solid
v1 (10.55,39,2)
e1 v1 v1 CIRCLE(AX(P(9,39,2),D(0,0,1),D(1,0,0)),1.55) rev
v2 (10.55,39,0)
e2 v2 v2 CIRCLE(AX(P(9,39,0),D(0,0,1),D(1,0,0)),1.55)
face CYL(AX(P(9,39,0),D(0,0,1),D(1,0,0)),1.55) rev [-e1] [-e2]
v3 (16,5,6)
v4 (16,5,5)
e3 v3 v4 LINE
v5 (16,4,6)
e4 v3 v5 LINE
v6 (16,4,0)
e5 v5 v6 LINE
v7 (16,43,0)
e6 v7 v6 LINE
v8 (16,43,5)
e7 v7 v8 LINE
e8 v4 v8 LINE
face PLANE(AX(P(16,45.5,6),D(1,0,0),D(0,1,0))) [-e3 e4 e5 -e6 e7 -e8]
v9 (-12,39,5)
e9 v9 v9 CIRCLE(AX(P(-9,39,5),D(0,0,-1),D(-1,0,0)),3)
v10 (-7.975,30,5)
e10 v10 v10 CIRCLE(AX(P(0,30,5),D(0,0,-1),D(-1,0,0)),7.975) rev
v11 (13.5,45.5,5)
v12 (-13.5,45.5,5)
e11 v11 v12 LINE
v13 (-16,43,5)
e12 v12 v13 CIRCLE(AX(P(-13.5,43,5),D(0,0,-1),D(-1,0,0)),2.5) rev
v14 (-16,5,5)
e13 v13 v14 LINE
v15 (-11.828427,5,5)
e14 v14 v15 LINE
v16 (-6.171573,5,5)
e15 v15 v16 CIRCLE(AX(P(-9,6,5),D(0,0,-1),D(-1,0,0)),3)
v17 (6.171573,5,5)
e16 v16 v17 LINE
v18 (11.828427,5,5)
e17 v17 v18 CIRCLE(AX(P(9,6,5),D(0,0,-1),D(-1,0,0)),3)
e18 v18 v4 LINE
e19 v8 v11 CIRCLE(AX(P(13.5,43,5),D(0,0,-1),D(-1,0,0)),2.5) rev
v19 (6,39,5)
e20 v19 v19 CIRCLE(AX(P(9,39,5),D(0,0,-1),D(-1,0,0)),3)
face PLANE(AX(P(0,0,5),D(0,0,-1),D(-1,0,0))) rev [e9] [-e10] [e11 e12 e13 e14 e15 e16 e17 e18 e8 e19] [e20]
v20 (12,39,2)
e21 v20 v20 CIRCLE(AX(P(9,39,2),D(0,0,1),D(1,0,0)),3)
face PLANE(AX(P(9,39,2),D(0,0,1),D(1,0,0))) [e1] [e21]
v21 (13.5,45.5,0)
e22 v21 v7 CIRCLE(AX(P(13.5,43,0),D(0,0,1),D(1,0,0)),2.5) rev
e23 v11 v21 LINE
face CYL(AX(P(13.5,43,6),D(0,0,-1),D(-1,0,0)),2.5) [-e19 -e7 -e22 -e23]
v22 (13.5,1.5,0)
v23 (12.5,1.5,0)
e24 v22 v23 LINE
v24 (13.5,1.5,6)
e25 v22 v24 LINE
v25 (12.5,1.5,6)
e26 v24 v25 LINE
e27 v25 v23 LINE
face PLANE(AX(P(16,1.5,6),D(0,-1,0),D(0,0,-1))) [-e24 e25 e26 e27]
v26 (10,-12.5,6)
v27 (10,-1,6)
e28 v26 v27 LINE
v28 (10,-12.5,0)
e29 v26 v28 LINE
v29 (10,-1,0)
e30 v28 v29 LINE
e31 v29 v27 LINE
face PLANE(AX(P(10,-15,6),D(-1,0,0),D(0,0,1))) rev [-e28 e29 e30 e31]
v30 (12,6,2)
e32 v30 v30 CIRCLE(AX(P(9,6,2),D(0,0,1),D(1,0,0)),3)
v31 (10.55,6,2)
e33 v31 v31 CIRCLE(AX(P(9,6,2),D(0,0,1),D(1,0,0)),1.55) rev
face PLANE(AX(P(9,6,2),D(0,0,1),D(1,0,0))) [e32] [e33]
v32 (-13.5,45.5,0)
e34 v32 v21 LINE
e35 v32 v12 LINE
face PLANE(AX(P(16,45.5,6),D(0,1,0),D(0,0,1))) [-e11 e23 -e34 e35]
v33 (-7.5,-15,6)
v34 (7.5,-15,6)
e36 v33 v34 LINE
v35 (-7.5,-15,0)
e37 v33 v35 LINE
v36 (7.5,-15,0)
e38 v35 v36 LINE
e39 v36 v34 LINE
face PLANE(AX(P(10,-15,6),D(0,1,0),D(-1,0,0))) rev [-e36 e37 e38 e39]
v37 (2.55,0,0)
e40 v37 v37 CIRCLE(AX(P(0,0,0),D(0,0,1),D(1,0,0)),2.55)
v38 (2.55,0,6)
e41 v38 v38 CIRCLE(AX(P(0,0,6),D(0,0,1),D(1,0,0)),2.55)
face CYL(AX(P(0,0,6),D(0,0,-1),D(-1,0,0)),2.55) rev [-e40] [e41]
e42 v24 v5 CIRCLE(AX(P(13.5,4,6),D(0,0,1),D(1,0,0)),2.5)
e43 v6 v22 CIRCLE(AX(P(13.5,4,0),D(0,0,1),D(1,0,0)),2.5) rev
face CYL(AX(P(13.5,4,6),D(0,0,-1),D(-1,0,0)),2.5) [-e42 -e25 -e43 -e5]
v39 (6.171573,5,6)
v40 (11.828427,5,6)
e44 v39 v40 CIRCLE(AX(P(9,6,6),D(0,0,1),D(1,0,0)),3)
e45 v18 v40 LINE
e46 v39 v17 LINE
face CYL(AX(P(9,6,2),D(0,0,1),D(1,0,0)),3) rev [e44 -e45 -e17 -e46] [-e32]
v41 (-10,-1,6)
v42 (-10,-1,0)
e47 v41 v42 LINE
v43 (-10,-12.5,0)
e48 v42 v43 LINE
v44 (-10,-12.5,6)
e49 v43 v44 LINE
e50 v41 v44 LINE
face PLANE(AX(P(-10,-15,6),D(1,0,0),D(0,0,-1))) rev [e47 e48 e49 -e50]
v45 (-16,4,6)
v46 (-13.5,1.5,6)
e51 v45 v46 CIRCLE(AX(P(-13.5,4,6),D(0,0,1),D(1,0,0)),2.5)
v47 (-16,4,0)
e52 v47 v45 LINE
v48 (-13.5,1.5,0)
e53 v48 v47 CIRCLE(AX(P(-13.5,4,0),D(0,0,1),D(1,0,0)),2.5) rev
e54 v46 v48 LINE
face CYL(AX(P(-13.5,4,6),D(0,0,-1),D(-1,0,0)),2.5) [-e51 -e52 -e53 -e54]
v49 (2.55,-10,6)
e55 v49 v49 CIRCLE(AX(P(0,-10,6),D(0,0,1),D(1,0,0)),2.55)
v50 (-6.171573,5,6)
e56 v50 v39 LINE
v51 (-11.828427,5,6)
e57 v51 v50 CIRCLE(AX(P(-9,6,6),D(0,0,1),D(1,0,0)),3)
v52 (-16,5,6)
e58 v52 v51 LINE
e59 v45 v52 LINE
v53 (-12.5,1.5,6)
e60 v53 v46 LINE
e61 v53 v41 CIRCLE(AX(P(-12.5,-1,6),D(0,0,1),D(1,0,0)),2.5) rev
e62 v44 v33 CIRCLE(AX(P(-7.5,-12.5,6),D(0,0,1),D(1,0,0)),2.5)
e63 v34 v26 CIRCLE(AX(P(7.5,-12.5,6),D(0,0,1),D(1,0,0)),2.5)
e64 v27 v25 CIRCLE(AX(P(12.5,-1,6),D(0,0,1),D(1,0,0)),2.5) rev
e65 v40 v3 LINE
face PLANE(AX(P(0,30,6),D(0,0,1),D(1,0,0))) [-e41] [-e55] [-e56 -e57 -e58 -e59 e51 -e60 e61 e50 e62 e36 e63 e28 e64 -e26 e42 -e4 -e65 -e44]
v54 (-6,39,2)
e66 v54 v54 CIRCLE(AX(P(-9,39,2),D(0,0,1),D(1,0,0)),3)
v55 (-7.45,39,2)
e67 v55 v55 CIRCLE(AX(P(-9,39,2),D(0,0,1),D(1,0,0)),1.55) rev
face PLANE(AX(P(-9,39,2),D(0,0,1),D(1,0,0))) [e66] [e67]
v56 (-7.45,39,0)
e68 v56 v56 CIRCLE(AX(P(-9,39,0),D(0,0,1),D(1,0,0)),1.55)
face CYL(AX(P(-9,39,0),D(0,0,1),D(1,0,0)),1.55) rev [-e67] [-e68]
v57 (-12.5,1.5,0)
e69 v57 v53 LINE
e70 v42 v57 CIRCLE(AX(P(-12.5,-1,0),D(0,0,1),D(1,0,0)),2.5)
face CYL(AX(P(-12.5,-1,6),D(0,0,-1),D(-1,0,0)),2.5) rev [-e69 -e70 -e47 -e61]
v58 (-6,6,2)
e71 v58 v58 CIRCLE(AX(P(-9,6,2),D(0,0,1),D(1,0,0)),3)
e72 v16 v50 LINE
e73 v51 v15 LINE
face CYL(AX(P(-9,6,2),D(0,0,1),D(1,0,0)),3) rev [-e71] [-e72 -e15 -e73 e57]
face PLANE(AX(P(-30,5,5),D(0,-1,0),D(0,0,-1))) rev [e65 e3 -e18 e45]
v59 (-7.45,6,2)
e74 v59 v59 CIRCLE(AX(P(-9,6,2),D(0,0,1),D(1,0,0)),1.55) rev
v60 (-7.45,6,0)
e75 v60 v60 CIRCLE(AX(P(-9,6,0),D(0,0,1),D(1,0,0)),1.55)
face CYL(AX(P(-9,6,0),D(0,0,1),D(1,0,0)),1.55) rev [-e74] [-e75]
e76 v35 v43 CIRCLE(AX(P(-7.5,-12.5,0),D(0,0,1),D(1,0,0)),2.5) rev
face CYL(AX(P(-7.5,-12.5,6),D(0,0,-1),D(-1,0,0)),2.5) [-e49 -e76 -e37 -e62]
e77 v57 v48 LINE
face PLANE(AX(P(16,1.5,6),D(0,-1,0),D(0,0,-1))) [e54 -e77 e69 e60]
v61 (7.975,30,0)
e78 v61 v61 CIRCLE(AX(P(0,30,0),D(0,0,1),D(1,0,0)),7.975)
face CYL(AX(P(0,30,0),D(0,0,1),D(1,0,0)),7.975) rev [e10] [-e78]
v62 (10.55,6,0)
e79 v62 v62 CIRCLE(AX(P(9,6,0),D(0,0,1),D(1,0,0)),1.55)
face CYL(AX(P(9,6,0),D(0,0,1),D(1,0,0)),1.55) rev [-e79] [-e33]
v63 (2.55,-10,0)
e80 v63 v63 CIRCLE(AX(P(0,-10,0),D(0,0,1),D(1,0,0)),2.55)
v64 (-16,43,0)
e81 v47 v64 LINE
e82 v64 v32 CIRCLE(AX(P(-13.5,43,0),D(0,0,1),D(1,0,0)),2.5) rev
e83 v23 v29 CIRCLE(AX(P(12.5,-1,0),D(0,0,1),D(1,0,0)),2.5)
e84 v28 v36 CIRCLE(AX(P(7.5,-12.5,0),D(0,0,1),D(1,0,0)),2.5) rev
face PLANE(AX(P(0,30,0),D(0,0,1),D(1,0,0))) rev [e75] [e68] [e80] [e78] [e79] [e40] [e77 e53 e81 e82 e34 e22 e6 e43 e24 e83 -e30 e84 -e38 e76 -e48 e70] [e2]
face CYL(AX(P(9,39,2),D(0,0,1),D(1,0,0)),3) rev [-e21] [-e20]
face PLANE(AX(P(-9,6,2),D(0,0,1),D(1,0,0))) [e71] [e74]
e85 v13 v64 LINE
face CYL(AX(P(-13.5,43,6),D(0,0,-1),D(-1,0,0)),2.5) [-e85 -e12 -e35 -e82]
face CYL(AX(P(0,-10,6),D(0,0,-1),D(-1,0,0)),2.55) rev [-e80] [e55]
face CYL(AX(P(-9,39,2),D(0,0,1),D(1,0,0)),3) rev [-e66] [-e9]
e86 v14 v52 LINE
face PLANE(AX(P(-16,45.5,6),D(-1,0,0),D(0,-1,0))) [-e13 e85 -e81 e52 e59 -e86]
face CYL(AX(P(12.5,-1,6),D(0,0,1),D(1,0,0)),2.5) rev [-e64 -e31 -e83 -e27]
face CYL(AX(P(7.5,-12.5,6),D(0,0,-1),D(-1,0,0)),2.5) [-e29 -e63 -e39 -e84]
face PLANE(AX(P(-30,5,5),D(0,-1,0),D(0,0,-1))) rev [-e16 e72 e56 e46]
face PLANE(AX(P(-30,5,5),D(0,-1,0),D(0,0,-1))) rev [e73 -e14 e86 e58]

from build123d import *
from build123d.topology import SkipClean

# Parameters (mm, degrees)
SKETCH1_R           = 2.55
BOSS_EXTRUDE2_DEPTH = 6
SKETCH7_W           = 32
SKETCH7_H           = 44
BOSS_EXTRUDE3_DEPTH = 6
FILLET1_R           = 2.5
SKETCH3_R           = 7.975
CUT_EXTRUDE2_DEPTH  = 49.602983448
SKETCH2_R           = 1.55
CUT_EXTRUDE1_DEPTH  = 49.602983448
SKETCH6_W           = 60
SKETCH6_H           = 50
CUT_EXTRUDE5_DEPTH  = 1
SKETCH8_R           = 3
CUT_EXTRUDE6_DEPTH  = 4
SKETCH9_R           = 2.55
CUT_EXTRUDE7_DEPTH  = 49.602983448


with BuildPart() as part:
    # Sketch1 → Boss-Extrude2 (new body)
    with BuildSketch(Plane.XY):
        with BuildLine():
            Line((-10, -15), (-10, 15))
            Line((-10, 15), (-15, 30))
            ThreePointArc((-15, 30), (0, 45), (15, 30))
            Line((15, 30), (10, 15))
            Line((10, 15), (10, -15))
            Line((10, -15), (-10, -15))
        make_face()
        Circle(SKETCH1_R, mode=Mode.SUBTRACT)
        with Locations((0, -10)):
            Circle(SKETCH1_R, mode=Mode.SUBTRACT)
    extrude(amount=BOSS_EXTRUDE2_DEPTH)

    # Sketch7 → Boss-Extrude3 (add)
    with BuildSketch(Plane(origin=(0, 0, 0), x_dir=(-1, 0, 0), z_dir=(0, 0, -1))):
        with Locations((0, 23.5)):
            Rectangle(SKETCH7_W, SKETCH7_H)
    extrude(amount=-BOSS_EXTRUDE3_DEPTH)

    # Fillet1
    fillet1_edges = [part.edges().sort_by_distance(p)[0] for p in [
        (10, -15, 3),
        (-10, -15, 3),
        (-16, 1.5, 3),
        (-10, 1.5, 3),
        (10, 1.5, 3),
        (16, 1.5, 3),
        (16, 45.5, 3),
        (-16, 45.5, 3),
    ]]
    fillet(fillet1_edges, radius=FILLET1_R)

    # Sketch3 → Cut-Extrude2 (cut, through all)
    with BuildSketch(Plane.XY.offset(6)):
        with Locations((0, 30)):
            Circle(SKETCH3_R)
    extrude(amount=-CUT_EXTRUDE2_DEPTH, mode=Mode.SUBTRACT)

    # Sketch2 → Cut-Extrude1 (cut, through all)
    with BuildSketch(Plane.XY.offset(6)):
        with Locations((-9, 39)):
            Circle(SKETCH2_R)
        with Locations((9, 39)):
            Circle(SKETCH2_R)
        with Locations((9, 6)):
            Circle(SKETCH2_R)
        with Locations((-9, 6)):
            Circle(SKETCH2_R)
    extrude(amount=-CUT_EXTRUDE1_DEPTH, mode=Mode.SUBTRACT)

    # Sketch6 → Cut-Extrude5 (cut)
    with BuildSketch(Plane.XY.offset(6)):
        with Locations((0, 30)):
            Rectangle(SKETCH6_W, SKETCH6_H)
    extrude(amount=-CUT_EXTRUDE5_DEPTH, mode=Mode.SUBTRACT)

    # Sketch8 → Cut-Extrude6 (cut)
    with BuildSketch(Plane.XY.offset(6)):
        with Locations((-9, 39)):
            Circle(SKETCH8_R)
        with Locations((9, 39)):
            Circle(SKETCH8_R)
        with Locations((9, 6)):
            Circle(SKETCH8_R)
        with Locations((-9, 6)):
            Circle(SKETCH8_R)
    extrude(amount=-CUT_EXTRUDE6_DEPTH, mode=Mode.SUBTRACT)

    # Sketch9 → Cut-Extrude7 (cut, through all)
    with SkipClean():  # the faces are left unmerged after this step: merging them gives an invalid solid
        with BuildSketch(Plane.XY.offset(6)):
            with Locations((0, -10)):
                Circle(SKETCH9_R)
            Circle(SKETCH9_R)
        extrude(amount=-CUT_EXTRUDE7_DEPTH, mode=Mode.SUBTRACT)


solid = part.part
